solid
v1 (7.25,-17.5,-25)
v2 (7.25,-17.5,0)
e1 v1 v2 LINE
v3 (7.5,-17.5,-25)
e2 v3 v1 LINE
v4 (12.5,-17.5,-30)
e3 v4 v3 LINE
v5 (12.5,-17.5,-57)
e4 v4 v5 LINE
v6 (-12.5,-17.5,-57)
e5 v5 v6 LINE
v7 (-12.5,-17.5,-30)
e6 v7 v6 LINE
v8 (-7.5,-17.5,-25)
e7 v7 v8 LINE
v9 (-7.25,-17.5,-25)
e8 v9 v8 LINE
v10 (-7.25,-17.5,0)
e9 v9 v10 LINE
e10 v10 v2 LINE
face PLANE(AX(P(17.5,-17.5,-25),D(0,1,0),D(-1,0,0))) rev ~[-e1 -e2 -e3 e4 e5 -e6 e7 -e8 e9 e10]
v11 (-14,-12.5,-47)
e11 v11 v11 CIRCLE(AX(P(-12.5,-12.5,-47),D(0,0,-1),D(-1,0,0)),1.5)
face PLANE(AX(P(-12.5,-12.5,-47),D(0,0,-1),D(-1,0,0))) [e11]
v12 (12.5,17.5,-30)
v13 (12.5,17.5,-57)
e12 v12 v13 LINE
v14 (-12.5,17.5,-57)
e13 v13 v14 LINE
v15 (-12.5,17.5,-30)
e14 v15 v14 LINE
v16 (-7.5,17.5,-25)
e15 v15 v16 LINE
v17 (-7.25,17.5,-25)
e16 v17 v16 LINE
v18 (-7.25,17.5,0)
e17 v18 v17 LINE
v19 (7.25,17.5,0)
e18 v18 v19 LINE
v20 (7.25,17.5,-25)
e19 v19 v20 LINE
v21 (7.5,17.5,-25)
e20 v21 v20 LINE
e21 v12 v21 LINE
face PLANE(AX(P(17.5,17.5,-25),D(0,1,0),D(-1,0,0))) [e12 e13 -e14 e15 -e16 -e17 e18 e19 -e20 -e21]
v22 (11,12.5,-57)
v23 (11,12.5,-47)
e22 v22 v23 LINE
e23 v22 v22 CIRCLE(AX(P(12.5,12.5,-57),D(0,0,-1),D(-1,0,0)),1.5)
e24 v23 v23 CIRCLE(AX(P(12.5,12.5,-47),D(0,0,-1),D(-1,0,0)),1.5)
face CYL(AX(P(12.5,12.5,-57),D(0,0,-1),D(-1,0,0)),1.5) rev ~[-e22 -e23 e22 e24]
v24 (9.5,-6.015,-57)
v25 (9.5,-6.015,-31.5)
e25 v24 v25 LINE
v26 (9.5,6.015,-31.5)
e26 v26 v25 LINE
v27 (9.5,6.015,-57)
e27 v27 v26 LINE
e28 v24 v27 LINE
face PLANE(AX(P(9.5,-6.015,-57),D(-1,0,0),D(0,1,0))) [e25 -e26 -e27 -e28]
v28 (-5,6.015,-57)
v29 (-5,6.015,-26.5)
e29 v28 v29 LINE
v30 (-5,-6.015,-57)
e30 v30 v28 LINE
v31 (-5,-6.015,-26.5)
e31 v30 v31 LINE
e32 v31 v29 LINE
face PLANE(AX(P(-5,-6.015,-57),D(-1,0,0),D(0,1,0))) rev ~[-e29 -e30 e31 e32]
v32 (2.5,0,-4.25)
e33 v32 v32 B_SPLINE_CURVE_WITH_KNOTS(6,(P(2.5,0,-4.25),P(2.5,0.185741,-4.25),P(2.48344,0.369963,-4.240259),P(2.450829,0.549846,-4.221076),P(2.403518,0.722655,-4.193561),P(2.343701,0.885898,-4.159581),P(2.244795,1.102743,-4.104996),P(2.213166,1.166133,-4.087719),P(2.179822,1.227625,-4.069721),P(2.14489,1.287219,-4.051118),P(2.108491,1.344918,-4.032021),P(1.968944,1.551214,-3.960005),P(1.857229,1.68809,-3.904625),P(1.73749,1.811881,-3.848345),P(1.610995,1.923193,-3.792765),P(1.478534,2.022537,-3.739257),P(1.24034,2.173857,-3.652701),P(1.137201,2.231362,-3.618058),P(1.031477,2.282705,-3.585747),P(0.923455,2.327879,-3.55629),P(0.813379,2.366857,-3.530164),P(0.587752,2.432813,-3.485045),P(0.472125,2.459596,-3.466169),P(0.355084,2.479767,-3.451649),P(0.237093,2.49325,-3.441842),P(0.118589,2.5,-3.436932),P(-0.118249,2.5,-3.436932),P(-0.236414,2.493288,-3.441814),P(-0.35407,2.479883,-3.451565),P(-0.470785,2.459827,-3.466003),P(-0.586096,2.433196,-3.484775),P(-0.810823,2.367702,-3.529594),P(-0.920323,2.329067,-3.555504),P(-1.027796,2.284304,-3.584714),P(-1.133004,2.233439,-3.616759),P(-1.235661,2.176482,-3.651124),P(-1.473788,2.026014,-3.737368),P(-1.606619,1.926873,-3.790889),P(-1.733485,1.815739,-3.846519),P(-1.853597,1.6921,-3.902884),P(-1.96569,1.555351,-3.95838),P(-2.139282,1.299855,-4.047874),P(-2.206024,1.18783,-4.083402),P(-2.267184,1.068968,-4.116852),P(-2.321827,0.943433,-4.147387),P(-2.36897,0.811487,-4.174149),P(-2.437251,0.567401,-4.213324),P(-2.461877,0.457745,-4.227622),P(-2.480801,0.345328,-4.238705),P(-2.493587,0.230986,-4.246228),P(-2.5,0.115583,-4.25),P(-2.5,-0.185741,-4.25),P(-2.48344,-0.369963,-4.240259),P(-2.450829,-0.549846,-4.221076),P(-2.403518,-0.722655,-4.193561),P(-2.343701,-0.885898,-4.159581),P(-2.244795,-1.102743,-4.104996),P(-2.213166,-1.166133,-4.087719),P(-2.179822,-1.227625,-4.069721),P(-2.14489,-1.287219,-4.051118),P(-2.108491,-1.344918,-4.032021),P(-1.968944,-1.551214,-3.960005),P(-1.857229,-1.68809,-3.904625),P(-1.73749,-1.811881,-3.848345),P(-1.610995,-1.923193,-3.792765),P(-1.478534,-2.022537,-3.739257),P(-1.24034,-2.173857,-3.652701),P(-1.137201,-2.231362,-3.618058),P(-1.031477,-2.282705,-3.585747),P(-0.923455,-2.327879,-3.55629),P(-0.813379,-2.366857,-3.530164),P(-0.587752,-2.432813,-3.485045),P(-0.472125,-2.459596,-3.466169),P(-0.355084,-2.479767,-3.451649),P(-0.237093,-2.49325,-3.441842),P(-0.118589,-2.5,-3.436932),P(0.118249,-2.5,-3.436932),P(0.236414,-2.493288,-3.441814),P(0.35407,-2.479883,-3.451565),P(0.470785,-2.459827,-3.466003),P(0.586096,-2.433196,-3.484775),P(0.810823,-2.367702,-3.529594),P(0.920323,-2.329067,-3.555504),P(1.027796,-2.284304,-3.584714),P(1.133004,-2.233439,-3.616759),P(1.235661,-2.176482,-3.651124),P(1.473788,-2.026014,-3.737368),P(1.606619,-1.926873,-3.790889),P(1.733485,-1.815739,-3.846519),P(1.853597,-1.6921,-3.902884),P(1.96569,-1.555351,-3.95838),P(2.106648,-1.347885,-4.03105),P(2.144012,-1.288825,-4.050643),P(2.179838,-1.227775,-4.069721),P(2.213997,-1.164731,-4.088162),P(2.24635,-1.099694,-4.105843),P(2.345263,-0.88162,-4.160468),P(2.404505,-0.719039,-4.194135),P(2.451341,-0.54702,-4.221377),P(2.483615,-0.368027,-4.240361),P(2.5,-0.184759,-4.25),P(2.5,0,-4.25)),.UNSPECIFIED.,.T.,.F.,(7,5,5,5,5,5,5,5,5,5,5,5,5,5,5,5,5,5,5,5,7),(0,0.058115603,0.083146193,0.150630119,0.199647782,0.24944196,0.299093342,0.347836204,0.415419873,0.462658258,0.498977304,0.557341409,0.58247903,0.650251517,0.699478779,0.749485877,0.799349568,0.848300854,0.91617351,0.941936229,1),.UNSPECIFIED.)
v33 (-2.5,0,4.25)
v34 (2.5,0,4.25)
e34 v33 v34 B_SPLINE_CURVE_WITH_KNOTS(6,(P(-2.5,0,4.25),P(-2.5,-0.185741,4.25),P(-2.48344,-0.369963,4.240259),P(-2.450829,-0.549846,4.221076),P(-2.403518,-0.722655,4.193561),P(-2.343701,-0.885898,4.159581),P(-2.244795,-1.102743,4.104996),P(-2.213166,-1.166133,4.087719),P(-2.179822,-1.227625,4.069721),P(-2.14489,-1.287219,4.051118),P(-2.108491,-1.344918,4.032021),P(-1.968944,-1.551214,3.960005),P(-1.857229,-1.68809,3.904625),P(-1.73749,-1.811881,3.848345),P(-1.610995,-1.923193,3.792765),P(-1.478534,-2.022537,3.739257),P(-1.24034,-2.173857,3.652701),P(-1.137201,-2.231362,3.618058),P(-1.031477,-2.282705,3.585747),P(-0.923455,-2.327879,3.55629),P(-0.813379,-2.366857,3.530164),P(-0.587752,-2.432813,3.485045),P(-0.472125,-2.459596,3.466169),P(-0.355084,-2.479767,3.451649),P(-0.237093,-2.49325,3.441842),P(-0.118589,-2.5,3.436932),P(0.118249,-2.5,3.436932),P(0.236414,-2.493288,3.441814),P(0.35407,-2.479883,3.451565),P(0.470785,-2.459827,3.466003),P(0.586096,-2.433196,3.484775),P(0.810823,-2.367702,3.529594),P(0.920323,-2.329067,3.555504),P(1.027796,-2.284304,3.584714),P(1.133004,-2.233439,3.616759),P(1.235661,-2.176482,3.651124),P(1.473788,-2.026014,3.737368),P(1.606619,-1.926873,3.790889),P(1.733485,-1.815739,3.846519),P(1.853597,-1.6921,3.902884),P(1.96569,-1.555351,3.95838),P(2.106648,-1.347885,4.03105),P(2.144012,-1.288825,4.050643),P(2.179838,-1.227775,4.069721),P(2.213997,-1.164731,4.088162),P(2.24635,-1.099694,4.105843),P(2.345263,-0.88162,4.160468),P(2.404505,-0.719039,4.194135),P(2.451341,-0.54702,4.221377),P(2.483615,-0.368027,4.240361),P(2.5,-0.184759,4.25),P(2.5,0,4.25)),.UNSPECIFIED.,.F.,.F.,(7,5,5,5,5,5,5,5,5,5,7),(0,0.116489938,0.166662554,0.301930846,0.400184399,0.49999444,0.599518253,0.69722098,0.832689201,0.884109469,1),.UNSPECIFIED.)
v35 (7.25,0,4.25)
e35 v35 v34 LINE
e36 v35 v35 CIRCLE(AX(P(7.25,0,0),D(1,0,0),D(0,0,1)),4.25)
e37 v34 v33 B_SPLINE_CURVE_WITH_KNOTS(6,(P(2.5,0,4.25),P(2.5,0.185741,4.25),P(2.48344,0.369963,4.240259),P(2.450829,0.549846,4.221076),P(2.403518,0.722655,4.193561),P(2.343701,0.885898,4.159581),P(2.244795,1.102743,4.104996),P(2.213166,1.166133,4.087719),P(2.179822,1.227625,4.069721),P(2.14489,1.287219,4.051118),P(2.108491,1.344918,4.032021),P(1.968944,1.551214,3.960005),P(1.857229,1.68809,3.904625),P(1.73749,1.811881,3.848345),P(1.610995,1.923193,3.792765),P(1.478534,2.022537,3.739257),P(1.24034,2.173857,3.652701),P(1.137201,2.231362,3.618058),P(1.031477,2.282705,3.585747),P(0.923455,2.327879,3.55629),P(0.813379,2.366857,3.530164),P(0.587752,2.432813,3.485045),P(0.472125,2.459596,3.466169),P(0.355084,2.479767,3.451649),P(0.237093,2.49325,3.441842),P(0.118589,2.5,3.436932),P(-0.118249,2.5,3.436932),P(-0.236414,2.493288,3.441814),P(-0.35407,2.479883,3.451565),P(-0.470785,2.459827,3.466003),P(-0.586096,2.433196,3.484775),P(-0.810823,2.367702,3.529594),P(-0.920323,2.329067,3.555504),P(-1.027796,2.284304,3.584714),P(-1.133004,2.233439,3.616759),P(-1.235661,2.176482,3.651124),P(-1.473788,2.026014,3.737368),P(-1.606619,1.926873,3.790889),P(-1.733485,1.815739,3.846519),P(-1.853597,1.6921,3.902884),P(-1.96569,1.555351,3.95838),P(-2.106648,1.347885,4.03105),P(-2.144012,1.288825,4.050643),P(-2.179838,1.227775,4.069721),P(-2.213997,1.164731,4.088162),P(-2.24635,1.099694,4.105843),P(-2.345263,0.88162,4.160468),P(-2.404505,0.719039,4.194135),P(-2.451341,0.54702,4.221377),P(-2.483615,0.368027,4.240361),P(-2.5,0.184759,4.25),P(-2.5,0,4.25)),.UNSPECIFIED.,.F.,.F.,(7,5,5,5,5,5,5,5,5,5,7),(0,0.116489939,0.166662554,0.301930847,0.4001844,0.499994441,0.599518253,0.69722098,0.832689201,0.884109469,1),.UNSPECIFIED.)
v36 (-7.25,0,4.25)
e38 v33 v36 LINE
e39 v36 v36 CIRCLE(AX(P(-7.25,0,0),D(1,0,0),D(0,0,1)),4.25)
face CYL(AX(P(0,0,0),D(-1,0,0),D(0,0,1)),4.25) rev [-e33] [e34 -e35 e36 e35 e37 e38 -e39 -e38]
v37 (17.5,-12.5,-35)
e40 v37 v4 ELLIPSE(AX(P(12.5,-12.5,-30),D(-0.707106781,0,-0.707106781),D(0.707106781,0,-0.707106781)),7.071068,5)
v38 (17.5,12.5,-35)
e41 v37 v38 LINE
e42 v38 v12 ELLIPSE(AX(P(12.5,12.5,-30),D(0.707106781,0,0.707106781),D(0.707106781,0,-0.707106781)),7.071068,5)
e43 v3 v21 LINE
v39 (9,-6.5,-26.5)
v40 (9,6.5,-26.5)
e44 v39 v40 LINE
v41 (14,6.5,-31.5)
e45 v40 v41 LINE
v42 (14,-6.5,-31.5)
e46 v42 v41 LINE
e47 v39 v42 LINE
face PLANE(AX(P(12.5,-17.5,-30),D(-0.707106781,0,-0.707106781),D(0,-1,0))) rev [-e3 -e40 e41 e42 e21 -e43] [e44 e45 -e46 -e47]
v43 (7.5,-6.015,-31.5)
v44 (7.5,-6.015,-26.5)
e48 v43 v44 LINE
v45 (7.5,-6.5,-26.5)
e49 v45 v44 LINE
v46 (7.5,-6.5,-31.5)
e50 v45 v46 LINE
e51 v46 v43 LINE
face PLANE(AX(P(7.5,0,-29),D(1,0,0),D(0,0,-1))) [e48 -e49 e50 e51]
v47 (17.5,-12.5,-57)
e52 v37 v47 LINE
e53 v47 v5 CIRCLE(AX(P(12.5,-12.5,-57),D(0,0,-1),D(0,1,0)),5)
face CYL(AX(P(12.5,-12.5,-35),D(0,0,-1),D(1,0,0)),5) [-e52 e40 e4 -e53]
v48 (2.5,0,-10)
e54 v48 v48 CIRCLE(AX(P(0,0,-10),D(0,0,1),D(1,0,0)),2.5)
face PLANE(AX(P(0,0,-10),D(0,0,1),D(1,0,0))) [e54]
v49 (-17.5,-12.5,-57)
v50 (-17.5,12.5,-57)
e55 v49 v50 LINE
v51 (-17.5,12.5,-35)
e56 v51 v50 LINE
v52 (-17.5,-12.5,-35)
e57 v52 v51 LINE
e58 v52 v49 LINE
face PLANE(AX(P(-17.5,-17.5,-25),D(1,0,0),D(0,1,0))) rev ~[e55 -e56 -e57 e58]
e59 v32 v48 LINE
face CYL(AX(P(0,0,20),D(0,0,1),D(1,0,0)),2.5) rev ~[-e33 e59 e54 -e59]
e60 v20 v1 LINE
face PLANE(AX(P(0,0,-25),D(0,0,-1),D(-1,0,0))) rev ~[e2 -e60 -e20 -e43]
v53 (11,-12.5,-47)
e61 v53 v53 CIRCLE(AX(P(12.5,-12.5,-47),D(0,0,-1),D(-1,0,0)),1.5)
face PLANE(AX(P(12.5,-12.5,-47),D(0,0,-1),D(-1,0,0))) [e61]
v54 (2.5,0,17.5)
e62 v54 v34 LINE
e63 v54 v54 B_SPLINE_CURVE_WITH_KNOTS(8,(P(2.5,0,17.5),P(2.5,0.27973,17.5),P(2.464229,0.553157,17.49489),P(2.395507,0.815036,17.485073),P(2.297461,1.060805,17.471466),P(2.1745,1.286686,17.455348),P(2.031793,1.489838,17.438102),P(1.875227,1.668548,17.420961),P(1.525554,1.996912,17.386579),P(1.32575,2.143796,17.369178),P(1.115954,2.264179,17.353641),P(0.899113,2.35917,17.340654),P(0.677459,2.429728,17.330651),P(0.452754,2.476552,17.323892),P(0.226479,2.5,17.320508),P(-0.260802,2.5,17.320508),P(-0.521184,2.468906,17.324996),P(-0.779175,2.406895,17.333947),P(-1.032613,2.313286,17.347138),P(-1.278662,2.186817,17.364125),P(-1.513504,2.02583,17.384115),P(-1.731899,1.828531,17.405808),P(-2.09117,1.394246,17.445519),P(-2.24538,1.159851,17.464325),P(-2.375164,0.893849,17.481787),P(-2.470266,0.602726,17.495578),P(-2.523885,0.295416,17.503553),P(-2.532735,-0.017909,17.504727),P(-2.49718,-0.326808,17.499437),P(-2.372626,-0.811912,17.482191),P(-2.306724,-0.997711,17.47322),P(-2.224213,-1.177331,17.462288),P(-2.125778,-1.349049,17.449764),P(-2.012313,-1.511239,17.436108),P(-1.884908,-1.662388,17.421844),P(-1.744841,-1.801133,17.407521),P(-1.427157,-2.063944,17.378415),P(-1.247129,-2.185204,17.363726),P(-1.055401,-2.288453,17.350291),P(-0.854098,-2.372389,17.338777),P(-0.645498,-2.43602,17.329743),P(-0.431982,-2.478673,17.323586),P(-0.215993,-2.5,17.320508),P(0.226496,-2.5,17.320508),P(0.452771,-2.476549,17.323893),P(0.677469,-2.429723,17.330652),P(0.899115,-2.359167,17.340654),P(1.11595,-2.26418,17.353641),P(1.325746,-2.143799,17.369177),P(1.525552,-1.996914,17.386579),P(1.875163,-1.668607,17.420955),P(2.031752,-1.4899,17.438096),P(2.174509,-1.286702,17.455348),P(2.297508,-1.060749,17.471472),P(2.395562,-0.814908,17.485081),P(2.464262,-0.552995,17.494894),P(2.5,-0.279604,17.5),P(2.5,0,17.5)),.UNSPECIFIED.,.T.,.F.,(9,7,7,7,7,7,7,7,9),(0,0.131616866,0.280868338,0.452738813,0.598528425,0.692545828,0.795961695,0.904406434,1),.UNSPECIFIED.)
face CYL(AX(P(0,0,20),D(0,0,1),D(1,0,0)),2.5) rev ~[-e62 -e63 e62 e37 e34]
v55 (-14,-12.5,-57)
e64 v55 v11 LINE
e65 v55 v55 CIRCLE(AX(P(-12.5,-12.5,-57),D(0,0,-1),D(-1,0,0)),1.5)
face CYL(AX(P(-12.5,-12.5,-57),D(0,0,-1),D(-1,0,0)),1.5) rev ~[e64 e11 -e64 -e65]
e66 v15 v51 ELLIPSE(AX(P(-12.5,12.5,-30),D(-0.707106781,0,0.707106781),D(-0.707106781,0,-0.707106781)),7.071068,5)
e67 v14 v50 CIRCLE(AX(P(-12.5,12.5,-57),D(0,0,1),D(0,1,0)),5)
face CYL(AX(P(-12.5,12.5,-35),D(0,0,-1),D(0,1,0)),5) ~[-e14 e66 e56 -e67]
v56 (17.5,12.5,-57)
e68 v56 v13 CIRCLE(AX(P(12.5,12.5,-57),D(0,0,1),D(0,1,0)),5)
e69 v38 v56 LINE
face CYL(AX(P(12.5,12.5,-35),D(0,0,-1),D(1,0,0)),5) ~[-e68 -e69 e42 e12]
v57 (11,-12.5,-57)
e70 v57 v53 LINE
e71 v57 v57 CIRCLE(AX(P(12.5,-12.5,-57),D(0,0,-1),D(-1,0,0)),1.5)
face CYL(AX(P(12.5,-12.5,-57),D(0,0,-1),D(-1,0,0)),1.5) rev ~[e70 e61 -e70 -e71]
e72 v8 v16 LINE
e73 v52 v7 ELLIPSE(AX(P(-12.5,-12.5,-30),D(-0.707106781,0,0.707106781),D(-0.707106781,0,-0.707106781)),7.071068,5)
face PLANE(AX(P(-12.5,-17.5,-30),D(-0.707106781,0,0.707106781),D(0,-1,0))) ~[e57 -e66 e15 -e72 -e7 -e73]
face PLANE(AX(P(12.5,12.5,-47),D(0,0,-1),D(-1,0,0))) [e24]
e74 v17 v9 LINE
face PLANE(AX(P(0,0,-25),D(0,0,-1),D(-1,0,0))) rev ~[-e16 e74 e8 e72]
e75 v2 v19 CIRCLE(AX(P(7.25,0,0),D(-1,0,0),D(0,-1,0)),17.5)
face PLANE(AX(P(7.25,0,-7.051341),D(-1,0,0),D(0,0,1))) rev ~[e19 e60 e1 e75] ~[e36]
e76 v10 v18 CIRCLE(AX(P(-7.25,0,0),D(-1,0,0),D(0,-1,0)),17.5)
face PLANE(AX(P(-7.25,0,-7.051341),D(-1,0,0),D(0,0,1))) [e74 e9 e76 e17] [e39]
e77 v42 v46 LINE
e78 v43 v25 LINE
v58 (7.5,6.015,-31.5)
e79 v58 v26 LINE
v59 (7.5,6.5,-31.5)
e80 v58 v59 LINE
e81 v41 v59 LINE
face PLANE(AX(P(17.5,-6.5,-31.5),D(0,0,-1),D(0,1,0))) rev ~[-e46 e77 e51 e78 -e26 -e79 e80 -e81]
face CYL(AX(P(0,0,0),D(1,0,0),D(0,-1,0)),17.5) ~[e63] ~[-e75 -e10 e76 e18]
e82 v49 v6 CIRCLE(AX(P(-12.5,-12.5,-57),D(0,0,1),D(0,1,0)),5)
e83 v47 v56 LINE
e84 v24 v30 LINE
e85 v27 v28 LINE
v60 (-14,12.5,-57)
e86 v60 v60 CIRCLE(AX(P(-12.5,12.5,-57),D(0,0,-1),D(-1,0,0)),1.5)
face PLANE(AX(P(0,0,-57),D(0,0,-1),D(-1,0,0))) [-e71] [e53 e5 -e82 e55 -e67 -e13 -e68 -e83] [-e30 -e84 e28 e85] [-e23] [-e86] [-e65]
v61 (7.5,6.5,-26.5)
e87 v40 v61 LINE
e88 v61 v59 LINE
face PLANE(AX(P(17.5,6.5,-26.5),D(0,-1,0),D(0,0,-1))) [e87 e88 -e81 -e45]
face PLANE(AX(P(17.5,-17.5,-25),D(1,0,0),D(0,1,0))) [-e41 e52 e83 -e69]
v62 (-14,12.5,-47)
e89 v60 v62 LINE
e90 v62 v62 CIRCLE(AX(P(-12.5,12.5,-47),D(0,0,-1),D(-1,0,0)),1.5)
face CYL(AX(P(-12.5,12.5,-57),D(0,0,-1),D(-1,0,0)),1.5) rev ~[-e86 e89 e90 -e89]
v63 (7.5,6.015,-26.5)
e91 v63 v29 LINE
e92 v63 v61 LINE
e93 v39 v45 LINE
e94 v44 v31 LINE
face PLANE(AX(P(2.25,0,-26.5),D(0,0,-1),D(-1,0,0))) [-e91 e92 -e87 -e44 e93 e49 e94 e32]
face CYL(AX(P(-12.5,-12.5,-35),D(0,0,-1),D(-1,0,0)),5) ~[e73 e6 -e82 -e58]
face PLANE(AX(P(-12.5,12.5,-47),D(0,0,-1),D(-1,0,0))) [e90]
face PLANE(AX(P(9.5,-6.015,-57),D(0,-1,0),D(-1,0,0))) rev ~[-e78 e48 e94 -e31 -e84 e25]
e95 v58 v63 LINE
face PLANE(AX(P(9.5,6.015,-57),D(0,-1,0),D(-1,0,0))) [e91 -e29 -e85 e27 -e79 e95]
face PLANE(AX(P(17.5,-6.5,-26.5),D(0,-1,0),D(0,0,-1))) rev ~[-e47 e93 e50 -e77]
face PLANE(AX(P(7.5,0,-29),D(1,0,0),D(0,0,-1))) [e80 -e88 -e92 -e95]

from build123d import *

# Parameters (mm, degrees)
CROQUIS6_R              = 4.25
SALIENTE_EXTRUIR2_DEPTH = 7.25
CROQUIS7_W              = 35
CROQUIS7_H              = 35
SALIENTE_EXTRUIR3_DEPTH = 32
CHAFL_N1_SIZE           = 10
CROQUIS8_W              = 14.5
CROQUIS8_H              = 12.03
CORTAR_EXTRUIR4_DEPTH   = 30.5
CROQUIS9_W              = 5
CROQUIS9_H              = 13
CORTAR_EXTRUIR5_DEPTH   = 10
REDONDEO1_R             = 5
CROQUIS10_R             = 1.5
CORTAR_EXTRUIR6_DEPTH   = 10
CROQUIS11_R             = 2.5
CORTAR_EXTRUIR7_DEPTH   = 30


with BuildPart() as part:
    # Croquis6 → Saliente-Extruir2 (new, symmetric)
    with BuildSketch(Plane(origin=(0, 0, 0), x_dir=(0, 0, -1), z_dir=(1, 0, 0))):
        with BuildLine():
            Line((0, 17.5), (25, 17.5))
            Line((25, 17.5), (25, -17.5))
            Line((25, -17.5), (0, -17.5))
            ThreePointArc((0, -17.5), (-17.5, 0), (0, 17.5))
        make_face()
        with Locations(Location((0, 0, 0), (0, 0, 180))):
            Circle(CROQUIS6_R, mode=Mode.SUBTRACT)
    extrude(amount=SALIENTE_EXTRUIR2_DEPTH, both=True)

    # Croquis7 → Saliente-Extruir3 (add)
    with BuildSketch(Plane(origin=(0, 0, -25), x_dir=(-1, 0, 0), z_dir=(0, 0, -1))):
        Rectangle(CROQUIS7_W, CROQUIS7_H)
    extrude(amount=SALIENTE_EXTRUIR3_DEPTH)

    # Chaflán1
    chafl_n1_edges = [part.edges().sort_by_distance(p)[0] for p in [
        (-17.5, 0, -25),
        (17.5, 0, -25),
    ]]
    chamfer(chafl_n1_edges, length=CHAFL_N1_SIZE)

    # Croquis8 → Cortar-Extruir4 (cut)
    with BuildSketch(Plane(origin=(0, 0, -57), x_dir=(-1, 0, 0), z_dir=(0, 0, -1))):
        with Locations((-2.25, 0)):
            Rectangle(CROQUIS8_W, CROQUIS8_H)
    extrude(amount=-CORTAR_EXTRUIR4_DEPTH, mode=Mode.SUBTRACT)

    # Croquis9 → Cortar-Extruir5 (cut)
    with BuildSketch(Plane(origin=(17.5, 0, 0), x_dir=(0, 0, -1), z_dir=(1, 0, 0))):
        with Locations((29, 0)):
            Rectangle(CROQUIS9_W, CROQUIS9_H)
    extrude(amount=-CORTAR_EXTRUIR5_DEPTH, mode=Mode.SUBTRACT)

    # Redondeo1
    redondeo1_edges = [part.edges().sort_by_distance(p)[0] for p in [
        (-17.5, -17.5, -46),
        (-17.5, 17.5, -46),
        (17.5, 17.5, -46),
        (17.5, -17.5, -46),
    ]]
    fillet(redondeo1_edges, radius=REDONDEO1_R)

    # Croquis10 → Cortar-Extruir6 (cut)
    with BuildSketch(Plane(origin=(0, 0, -57), x_dir=(-1, 0, 0), z_dir=(0, 0, -1))):
        with Locations((-12.5, 12.5)):
            Circle(CROQUIS10_R)
        with Locations((12.5, 12.5)):
            Circle(CROQUIS10_R)
        with Locations((12.5, -12.5)):
            Circle(CROQUIS10_R)
        with Locations((-12.5, -12.5)):
            Circle(CROQUIS10_R)
    extrude(amount=-CORTAR_EXTRUIR6_DEPTH, mode=Mode.SUBTRACT)

    # Croquis11 → Cortar-Extruir7 (cut)
    with BuildSketch(Plane.XY.offset(20)):
        Circle(CROQUIS11_R)
    extrude(amount=-CORTAR_EXTRUIR7_DEPTH, mode=Mode.SUBTRACT)


solid = part.part
